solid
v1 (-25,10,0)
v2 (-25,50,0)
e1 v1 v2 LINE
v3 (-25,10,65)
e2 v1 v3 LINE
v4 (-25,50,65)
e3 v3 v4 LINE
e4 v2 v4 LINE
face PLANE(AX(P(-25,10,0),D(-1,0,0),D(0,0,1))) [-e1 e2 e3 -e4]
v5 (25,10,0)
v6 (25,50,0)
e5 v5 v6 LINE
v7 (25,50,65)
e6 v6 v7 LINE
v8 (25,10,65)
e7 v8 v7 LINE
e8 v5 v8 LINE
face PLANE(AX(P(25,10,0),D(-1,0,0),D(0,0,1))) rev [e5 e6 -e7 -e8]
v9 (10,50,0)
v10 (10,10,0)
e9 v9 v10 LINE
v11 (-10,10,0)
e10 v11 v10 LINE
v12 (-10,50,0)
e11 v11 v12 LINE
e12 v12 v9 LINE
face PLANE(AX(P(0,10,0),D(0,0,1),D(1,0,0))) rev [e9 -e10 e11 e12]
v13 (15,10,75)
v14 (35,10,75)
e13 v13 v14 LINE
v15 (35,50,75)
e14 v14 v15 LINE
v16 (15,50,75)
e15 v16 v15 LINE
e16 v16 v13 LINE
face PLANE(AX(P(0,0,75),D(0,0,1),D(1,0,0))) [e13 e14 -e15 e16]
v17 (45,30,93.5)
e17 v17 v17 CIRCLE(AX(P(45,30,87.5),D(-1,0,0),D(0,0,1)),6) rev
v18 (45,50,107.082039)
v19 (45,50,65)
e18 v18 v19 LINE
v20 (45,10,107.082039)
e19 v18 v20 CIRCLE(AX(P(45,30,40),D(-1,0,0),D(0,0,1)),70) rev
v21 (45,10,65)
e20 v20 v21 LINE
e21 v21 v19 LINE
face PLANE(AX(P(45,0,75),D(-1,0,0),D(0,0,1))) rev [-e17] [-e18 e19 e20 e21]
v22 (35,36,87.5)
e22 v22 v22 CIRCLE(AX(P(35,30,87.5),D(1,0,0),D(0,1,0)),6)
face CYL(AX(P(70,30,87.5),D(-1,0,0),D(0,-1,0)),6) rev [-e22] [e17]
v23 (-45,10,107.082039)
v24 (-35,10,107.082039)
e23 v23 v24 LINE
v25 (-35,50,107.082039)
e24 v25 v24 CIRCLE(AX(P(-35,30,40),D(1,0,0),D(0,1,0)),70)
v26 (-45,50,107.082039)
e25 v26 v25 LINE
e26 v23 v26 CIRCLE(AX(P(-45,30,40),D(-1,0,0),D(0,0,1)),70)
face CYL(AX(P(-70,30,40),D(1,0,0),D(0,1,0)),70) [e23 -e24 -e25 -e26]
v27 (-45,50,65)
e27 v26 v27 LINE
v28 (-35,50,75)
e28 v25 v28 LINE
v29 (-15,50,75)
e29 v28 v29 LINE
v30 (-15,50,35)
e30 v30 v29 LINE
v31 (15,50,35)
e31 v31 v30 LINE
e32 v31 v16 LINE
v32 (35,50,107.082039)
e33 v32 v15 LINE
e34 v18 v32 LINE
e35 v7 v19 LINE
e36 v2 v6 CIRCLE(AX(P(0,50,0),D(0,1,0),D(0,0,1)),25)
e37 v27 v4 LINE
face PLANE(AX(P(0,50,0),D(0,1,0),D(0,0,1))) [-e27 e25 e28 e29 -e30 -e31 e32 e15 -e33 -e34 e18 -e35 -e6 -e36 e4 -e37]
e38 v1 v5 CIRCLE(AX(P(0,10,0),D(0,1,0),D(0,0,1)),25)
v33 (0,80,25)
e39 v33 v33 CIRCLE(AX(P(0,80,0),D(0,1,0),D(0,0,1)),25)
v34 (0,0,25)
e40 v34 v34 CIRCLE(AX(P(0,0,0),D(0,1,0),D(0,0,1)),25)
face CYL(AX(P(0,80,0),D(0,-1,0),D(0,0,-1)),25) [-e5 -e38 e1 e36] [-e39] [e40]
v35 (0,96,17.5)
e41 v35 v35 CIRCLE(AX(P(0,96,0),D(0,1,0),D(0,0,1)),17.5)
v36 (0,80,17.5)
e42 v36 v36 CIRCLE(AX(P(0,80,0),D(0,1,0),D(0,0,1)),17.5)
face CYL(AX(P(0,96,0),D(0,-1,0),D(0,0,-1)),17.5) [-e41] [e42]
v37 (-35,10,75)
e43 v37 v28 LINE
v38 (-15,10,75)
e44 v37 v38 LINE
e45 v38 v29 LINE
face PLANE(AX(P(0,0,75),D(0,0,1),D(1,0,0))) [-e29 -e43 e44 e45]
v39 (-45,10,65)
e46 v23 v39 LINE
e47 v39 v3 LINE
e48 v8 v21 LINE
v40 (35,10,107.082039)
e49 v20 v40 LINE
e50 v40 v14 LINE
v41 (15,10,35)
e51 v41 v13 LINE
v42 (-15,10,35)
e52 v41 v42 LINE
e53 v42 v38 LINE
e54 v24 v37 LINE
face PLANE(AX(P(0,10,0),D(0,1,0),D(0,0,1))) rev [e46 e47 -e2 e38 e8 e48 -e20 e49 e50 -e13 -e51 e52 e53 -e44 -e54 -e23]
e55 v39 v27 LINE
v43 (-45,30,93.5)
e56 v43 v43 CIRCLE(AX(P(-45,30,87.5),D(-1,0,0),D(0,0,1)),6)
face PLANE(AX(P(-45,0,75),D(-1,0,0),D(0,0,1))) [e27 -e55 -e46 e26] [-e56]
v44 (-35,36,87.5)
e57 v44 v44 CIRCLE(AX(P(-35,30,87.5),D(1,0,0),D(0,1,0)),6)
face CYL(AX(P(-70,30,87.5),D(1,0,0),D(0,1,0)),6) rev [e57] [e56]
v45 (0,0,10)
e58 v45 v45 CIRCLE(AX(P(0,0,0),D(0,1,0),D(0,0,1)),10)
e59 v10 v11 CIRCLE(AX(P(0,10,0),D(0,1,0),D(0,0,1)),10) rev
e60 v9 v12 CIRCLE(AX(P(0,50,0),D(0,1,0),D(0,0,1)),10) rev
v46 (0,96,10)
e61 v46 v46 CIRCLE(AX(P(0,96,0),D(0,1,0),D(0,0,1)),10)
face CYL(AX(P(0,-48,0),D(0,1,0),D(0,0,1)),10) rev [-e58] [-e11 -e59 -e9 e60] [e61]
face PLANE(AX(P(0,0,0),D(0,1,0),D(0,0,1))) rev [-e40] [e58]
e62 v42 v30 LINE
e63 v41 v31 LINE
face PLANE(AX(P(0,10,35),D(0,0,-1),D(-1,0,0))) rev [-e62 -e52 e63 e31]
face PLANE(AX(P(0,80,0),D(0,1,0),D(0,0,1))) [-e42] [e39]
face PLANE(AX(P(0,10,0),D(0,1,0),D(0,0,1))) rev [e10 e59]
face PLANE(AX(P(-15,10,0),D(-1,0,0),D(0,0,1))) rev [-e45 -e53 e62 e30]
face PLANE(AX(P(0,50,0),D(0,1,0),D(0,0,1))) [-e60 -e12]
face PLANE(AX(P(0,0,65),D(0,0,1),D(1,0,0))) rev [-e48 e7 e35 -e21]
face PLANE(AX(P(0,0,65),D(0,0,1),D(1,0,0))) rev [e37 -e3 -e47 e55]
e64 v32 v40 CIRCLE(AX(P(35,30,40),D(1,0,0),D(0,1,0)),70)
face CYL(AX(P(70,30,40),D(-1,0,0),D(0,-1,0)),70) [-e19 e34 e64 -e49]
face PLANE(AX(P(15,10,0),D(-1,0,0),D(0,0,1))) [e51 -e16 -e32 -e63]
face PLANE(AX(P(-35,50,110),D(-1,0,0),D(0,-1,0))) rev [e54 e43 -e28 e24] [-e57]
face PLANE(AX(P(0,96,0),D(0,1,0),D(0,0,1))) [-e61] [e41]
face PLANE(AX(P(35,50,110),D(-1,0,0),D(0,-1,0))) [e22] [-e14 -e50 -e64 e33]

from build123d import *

# Parameters (mm, degrees)
SKETCH1_R           = 25
BOSS_EXTRUDE1_DEPTH = 80
SKETCH2_R           = 17.5
BOSS_EXTRUDE2_DEPTH = 16
SKETCH3_R           = 10
CUT_EXTRUDE1_DEPTH  = 144
BOSS_EXTRUDE3_DEPTH = 40
SKETCH5_W           = 30
SKETCH5_H           = 40
SKETCH5_W_2         = 20
SKETCH5_W_3         = 10
BOSS_EXTRUDE4_DEPTH = 10
SKETCH6_W           = 10
SKETCH6_H           = 40
BOSS_EXTRUDE5_DEPTH = 35
CUT_EXTRUDE2_DEPTH  = 35


with BuildPart() as part:
    # Sketch1 → Boss-Extrude1 (new body)
    with BuildSketch(Plane(origin=(0, 0, 0), x_dir=(1, 0, 0), z_dir=(0, 1, 0))):
        with Locations(Location((0, 0, 0), (0, 0, 270))):
            Circle(SKETCH1_R)
    extrude(amount=BOSS_EXTRUDE1_DEPTH)

    # Sketch2 → Boss-Extrude2 (add)
    with BuildSketch(Plane(origin=(0, 80, 0), x_dir=(1, 0, 0), z_dir=(0, 1, 0))):
        with Locations(Location((0, 0, 0), (0, 0, 270))):
            Circle(SKETCH2_R)
    extrude(amount=BOSS_EXTRUDE2_DEPTH)

    # Sketch3 → Cut-Extrude1 (cut)
    with BuildSketch(Plane(origin=(0, 96, 0), x_dir=(1, 0, 0), z_dir=(0, 1, 0))):
        with Locations(Location((0, 0, 0), (0, 0, 270))):
            Circle(SKETCH3_R)
    extrude(amount=-CUT_EXTRUDE1_DEPTH, mode=Mode.SUBTRACT)

    # Sketch4 → Boss-Extrude3 (add)
    with BuildSketch(Plane(origin=(0, 50, 0), x_dir=(1, 0, 0), z_dir=(0, 1, 0))):
        Polygon((0, -35), (0, 0), (-25, 0), (-25, -65), (-15, -65), (-15, -35), align=None)
        Polygon((25, 0), (0, 0), (0, -35), (15, -35), (15, -65), (25, -65), align=None)
    extrude(amount=-BOSS_EXTRUDE3_DEPTH)

    # Sketch5 → Boss-Extrude4 (add)
    with BuildSketch(Plane.XY.offset(65)):
        with Locations((-30, 30)):
            Rectangle(SKETCH5_W, SKETCH5_H)
        with Locations((35, 30)):
            Rectangle(SKETCH5_W_2, SKETCH5_H)
        with Locations((20, 30)):
            Rectangle(SKETCH5_W_3, SKETCH5_H)
    extrude(amount=BOSS_EXTRUDE4_DEPTH)

    # Sketch6 → Boss-Extrude5 (add)
    with BuildSketch(Plane.XY.offset(75)):
        with Locations((-40, 30)):
            Rectangle(SKETCH6_W, SKETCH6_H)
    boss_extrude5 = extrude(amount=BOSS_EXTRUDE5_DEPTH)

    # Sketch7 → Cut-Extrude2 (cut)
    with BuildSketch(Plane(origin=(-35, 0, 0), x_dir=(0, 0, -1), z_dir=(1, 0, 0))):
        with BuildLine():
            Line((-107.082039325, 50), (-110, 50))
            Line((-110, 50), (-110, 30))
            ThreePointArc((-110, 30), (-109.266668581, 40.10587075), (-107.082039325, 50))
        make_face()
        with BuildLine():
            ThreePointArc((-107.082039325, 10), (-109.266668581, 19.89412925), (-110, 30))
            Line((-110, 30), (-110, 10))
            Line((-110, 10), (-107.082039325, 10))
        make_face()
        with BuildLine():
            ThreePointArc((-81.5, 30), (-87.5, 36), (-93.5, 30))
            Line((-93.5, 30), (-87.5, 30))
            Line((-87.5, 30), (-81.5, 30))
        make_face()
        with BuildLine():
            Line((-87.5, 30), (-93.5, 30))
            ThreePointArc((-93.5, 30), (-87.5, 24), (-81.5, 30))
            Line((-81.5, 30), (-87.5, 30))
        make_face()
    cut_extrude2 = extrude(amount=-CUT_EXTRUDE2_DEPTH, mode=Mode.SUBTRACT)

    # Mirror1: Boss-Extrude5, Cut-Extrude2 across plane
    add(boss_extrude5.mirror(Plane(origin=(0, 0, 0), x_dir=(0, 0, 1), z_dir=(1, 0, 0))))
    add(cut_extrude2.mirror(Plane(origin=(0, 0, 0), x_dir=(0, 0, 1), z_dir=(1, 0, 0))), mode=Mode.SUBTRACT)


solid = part.part
